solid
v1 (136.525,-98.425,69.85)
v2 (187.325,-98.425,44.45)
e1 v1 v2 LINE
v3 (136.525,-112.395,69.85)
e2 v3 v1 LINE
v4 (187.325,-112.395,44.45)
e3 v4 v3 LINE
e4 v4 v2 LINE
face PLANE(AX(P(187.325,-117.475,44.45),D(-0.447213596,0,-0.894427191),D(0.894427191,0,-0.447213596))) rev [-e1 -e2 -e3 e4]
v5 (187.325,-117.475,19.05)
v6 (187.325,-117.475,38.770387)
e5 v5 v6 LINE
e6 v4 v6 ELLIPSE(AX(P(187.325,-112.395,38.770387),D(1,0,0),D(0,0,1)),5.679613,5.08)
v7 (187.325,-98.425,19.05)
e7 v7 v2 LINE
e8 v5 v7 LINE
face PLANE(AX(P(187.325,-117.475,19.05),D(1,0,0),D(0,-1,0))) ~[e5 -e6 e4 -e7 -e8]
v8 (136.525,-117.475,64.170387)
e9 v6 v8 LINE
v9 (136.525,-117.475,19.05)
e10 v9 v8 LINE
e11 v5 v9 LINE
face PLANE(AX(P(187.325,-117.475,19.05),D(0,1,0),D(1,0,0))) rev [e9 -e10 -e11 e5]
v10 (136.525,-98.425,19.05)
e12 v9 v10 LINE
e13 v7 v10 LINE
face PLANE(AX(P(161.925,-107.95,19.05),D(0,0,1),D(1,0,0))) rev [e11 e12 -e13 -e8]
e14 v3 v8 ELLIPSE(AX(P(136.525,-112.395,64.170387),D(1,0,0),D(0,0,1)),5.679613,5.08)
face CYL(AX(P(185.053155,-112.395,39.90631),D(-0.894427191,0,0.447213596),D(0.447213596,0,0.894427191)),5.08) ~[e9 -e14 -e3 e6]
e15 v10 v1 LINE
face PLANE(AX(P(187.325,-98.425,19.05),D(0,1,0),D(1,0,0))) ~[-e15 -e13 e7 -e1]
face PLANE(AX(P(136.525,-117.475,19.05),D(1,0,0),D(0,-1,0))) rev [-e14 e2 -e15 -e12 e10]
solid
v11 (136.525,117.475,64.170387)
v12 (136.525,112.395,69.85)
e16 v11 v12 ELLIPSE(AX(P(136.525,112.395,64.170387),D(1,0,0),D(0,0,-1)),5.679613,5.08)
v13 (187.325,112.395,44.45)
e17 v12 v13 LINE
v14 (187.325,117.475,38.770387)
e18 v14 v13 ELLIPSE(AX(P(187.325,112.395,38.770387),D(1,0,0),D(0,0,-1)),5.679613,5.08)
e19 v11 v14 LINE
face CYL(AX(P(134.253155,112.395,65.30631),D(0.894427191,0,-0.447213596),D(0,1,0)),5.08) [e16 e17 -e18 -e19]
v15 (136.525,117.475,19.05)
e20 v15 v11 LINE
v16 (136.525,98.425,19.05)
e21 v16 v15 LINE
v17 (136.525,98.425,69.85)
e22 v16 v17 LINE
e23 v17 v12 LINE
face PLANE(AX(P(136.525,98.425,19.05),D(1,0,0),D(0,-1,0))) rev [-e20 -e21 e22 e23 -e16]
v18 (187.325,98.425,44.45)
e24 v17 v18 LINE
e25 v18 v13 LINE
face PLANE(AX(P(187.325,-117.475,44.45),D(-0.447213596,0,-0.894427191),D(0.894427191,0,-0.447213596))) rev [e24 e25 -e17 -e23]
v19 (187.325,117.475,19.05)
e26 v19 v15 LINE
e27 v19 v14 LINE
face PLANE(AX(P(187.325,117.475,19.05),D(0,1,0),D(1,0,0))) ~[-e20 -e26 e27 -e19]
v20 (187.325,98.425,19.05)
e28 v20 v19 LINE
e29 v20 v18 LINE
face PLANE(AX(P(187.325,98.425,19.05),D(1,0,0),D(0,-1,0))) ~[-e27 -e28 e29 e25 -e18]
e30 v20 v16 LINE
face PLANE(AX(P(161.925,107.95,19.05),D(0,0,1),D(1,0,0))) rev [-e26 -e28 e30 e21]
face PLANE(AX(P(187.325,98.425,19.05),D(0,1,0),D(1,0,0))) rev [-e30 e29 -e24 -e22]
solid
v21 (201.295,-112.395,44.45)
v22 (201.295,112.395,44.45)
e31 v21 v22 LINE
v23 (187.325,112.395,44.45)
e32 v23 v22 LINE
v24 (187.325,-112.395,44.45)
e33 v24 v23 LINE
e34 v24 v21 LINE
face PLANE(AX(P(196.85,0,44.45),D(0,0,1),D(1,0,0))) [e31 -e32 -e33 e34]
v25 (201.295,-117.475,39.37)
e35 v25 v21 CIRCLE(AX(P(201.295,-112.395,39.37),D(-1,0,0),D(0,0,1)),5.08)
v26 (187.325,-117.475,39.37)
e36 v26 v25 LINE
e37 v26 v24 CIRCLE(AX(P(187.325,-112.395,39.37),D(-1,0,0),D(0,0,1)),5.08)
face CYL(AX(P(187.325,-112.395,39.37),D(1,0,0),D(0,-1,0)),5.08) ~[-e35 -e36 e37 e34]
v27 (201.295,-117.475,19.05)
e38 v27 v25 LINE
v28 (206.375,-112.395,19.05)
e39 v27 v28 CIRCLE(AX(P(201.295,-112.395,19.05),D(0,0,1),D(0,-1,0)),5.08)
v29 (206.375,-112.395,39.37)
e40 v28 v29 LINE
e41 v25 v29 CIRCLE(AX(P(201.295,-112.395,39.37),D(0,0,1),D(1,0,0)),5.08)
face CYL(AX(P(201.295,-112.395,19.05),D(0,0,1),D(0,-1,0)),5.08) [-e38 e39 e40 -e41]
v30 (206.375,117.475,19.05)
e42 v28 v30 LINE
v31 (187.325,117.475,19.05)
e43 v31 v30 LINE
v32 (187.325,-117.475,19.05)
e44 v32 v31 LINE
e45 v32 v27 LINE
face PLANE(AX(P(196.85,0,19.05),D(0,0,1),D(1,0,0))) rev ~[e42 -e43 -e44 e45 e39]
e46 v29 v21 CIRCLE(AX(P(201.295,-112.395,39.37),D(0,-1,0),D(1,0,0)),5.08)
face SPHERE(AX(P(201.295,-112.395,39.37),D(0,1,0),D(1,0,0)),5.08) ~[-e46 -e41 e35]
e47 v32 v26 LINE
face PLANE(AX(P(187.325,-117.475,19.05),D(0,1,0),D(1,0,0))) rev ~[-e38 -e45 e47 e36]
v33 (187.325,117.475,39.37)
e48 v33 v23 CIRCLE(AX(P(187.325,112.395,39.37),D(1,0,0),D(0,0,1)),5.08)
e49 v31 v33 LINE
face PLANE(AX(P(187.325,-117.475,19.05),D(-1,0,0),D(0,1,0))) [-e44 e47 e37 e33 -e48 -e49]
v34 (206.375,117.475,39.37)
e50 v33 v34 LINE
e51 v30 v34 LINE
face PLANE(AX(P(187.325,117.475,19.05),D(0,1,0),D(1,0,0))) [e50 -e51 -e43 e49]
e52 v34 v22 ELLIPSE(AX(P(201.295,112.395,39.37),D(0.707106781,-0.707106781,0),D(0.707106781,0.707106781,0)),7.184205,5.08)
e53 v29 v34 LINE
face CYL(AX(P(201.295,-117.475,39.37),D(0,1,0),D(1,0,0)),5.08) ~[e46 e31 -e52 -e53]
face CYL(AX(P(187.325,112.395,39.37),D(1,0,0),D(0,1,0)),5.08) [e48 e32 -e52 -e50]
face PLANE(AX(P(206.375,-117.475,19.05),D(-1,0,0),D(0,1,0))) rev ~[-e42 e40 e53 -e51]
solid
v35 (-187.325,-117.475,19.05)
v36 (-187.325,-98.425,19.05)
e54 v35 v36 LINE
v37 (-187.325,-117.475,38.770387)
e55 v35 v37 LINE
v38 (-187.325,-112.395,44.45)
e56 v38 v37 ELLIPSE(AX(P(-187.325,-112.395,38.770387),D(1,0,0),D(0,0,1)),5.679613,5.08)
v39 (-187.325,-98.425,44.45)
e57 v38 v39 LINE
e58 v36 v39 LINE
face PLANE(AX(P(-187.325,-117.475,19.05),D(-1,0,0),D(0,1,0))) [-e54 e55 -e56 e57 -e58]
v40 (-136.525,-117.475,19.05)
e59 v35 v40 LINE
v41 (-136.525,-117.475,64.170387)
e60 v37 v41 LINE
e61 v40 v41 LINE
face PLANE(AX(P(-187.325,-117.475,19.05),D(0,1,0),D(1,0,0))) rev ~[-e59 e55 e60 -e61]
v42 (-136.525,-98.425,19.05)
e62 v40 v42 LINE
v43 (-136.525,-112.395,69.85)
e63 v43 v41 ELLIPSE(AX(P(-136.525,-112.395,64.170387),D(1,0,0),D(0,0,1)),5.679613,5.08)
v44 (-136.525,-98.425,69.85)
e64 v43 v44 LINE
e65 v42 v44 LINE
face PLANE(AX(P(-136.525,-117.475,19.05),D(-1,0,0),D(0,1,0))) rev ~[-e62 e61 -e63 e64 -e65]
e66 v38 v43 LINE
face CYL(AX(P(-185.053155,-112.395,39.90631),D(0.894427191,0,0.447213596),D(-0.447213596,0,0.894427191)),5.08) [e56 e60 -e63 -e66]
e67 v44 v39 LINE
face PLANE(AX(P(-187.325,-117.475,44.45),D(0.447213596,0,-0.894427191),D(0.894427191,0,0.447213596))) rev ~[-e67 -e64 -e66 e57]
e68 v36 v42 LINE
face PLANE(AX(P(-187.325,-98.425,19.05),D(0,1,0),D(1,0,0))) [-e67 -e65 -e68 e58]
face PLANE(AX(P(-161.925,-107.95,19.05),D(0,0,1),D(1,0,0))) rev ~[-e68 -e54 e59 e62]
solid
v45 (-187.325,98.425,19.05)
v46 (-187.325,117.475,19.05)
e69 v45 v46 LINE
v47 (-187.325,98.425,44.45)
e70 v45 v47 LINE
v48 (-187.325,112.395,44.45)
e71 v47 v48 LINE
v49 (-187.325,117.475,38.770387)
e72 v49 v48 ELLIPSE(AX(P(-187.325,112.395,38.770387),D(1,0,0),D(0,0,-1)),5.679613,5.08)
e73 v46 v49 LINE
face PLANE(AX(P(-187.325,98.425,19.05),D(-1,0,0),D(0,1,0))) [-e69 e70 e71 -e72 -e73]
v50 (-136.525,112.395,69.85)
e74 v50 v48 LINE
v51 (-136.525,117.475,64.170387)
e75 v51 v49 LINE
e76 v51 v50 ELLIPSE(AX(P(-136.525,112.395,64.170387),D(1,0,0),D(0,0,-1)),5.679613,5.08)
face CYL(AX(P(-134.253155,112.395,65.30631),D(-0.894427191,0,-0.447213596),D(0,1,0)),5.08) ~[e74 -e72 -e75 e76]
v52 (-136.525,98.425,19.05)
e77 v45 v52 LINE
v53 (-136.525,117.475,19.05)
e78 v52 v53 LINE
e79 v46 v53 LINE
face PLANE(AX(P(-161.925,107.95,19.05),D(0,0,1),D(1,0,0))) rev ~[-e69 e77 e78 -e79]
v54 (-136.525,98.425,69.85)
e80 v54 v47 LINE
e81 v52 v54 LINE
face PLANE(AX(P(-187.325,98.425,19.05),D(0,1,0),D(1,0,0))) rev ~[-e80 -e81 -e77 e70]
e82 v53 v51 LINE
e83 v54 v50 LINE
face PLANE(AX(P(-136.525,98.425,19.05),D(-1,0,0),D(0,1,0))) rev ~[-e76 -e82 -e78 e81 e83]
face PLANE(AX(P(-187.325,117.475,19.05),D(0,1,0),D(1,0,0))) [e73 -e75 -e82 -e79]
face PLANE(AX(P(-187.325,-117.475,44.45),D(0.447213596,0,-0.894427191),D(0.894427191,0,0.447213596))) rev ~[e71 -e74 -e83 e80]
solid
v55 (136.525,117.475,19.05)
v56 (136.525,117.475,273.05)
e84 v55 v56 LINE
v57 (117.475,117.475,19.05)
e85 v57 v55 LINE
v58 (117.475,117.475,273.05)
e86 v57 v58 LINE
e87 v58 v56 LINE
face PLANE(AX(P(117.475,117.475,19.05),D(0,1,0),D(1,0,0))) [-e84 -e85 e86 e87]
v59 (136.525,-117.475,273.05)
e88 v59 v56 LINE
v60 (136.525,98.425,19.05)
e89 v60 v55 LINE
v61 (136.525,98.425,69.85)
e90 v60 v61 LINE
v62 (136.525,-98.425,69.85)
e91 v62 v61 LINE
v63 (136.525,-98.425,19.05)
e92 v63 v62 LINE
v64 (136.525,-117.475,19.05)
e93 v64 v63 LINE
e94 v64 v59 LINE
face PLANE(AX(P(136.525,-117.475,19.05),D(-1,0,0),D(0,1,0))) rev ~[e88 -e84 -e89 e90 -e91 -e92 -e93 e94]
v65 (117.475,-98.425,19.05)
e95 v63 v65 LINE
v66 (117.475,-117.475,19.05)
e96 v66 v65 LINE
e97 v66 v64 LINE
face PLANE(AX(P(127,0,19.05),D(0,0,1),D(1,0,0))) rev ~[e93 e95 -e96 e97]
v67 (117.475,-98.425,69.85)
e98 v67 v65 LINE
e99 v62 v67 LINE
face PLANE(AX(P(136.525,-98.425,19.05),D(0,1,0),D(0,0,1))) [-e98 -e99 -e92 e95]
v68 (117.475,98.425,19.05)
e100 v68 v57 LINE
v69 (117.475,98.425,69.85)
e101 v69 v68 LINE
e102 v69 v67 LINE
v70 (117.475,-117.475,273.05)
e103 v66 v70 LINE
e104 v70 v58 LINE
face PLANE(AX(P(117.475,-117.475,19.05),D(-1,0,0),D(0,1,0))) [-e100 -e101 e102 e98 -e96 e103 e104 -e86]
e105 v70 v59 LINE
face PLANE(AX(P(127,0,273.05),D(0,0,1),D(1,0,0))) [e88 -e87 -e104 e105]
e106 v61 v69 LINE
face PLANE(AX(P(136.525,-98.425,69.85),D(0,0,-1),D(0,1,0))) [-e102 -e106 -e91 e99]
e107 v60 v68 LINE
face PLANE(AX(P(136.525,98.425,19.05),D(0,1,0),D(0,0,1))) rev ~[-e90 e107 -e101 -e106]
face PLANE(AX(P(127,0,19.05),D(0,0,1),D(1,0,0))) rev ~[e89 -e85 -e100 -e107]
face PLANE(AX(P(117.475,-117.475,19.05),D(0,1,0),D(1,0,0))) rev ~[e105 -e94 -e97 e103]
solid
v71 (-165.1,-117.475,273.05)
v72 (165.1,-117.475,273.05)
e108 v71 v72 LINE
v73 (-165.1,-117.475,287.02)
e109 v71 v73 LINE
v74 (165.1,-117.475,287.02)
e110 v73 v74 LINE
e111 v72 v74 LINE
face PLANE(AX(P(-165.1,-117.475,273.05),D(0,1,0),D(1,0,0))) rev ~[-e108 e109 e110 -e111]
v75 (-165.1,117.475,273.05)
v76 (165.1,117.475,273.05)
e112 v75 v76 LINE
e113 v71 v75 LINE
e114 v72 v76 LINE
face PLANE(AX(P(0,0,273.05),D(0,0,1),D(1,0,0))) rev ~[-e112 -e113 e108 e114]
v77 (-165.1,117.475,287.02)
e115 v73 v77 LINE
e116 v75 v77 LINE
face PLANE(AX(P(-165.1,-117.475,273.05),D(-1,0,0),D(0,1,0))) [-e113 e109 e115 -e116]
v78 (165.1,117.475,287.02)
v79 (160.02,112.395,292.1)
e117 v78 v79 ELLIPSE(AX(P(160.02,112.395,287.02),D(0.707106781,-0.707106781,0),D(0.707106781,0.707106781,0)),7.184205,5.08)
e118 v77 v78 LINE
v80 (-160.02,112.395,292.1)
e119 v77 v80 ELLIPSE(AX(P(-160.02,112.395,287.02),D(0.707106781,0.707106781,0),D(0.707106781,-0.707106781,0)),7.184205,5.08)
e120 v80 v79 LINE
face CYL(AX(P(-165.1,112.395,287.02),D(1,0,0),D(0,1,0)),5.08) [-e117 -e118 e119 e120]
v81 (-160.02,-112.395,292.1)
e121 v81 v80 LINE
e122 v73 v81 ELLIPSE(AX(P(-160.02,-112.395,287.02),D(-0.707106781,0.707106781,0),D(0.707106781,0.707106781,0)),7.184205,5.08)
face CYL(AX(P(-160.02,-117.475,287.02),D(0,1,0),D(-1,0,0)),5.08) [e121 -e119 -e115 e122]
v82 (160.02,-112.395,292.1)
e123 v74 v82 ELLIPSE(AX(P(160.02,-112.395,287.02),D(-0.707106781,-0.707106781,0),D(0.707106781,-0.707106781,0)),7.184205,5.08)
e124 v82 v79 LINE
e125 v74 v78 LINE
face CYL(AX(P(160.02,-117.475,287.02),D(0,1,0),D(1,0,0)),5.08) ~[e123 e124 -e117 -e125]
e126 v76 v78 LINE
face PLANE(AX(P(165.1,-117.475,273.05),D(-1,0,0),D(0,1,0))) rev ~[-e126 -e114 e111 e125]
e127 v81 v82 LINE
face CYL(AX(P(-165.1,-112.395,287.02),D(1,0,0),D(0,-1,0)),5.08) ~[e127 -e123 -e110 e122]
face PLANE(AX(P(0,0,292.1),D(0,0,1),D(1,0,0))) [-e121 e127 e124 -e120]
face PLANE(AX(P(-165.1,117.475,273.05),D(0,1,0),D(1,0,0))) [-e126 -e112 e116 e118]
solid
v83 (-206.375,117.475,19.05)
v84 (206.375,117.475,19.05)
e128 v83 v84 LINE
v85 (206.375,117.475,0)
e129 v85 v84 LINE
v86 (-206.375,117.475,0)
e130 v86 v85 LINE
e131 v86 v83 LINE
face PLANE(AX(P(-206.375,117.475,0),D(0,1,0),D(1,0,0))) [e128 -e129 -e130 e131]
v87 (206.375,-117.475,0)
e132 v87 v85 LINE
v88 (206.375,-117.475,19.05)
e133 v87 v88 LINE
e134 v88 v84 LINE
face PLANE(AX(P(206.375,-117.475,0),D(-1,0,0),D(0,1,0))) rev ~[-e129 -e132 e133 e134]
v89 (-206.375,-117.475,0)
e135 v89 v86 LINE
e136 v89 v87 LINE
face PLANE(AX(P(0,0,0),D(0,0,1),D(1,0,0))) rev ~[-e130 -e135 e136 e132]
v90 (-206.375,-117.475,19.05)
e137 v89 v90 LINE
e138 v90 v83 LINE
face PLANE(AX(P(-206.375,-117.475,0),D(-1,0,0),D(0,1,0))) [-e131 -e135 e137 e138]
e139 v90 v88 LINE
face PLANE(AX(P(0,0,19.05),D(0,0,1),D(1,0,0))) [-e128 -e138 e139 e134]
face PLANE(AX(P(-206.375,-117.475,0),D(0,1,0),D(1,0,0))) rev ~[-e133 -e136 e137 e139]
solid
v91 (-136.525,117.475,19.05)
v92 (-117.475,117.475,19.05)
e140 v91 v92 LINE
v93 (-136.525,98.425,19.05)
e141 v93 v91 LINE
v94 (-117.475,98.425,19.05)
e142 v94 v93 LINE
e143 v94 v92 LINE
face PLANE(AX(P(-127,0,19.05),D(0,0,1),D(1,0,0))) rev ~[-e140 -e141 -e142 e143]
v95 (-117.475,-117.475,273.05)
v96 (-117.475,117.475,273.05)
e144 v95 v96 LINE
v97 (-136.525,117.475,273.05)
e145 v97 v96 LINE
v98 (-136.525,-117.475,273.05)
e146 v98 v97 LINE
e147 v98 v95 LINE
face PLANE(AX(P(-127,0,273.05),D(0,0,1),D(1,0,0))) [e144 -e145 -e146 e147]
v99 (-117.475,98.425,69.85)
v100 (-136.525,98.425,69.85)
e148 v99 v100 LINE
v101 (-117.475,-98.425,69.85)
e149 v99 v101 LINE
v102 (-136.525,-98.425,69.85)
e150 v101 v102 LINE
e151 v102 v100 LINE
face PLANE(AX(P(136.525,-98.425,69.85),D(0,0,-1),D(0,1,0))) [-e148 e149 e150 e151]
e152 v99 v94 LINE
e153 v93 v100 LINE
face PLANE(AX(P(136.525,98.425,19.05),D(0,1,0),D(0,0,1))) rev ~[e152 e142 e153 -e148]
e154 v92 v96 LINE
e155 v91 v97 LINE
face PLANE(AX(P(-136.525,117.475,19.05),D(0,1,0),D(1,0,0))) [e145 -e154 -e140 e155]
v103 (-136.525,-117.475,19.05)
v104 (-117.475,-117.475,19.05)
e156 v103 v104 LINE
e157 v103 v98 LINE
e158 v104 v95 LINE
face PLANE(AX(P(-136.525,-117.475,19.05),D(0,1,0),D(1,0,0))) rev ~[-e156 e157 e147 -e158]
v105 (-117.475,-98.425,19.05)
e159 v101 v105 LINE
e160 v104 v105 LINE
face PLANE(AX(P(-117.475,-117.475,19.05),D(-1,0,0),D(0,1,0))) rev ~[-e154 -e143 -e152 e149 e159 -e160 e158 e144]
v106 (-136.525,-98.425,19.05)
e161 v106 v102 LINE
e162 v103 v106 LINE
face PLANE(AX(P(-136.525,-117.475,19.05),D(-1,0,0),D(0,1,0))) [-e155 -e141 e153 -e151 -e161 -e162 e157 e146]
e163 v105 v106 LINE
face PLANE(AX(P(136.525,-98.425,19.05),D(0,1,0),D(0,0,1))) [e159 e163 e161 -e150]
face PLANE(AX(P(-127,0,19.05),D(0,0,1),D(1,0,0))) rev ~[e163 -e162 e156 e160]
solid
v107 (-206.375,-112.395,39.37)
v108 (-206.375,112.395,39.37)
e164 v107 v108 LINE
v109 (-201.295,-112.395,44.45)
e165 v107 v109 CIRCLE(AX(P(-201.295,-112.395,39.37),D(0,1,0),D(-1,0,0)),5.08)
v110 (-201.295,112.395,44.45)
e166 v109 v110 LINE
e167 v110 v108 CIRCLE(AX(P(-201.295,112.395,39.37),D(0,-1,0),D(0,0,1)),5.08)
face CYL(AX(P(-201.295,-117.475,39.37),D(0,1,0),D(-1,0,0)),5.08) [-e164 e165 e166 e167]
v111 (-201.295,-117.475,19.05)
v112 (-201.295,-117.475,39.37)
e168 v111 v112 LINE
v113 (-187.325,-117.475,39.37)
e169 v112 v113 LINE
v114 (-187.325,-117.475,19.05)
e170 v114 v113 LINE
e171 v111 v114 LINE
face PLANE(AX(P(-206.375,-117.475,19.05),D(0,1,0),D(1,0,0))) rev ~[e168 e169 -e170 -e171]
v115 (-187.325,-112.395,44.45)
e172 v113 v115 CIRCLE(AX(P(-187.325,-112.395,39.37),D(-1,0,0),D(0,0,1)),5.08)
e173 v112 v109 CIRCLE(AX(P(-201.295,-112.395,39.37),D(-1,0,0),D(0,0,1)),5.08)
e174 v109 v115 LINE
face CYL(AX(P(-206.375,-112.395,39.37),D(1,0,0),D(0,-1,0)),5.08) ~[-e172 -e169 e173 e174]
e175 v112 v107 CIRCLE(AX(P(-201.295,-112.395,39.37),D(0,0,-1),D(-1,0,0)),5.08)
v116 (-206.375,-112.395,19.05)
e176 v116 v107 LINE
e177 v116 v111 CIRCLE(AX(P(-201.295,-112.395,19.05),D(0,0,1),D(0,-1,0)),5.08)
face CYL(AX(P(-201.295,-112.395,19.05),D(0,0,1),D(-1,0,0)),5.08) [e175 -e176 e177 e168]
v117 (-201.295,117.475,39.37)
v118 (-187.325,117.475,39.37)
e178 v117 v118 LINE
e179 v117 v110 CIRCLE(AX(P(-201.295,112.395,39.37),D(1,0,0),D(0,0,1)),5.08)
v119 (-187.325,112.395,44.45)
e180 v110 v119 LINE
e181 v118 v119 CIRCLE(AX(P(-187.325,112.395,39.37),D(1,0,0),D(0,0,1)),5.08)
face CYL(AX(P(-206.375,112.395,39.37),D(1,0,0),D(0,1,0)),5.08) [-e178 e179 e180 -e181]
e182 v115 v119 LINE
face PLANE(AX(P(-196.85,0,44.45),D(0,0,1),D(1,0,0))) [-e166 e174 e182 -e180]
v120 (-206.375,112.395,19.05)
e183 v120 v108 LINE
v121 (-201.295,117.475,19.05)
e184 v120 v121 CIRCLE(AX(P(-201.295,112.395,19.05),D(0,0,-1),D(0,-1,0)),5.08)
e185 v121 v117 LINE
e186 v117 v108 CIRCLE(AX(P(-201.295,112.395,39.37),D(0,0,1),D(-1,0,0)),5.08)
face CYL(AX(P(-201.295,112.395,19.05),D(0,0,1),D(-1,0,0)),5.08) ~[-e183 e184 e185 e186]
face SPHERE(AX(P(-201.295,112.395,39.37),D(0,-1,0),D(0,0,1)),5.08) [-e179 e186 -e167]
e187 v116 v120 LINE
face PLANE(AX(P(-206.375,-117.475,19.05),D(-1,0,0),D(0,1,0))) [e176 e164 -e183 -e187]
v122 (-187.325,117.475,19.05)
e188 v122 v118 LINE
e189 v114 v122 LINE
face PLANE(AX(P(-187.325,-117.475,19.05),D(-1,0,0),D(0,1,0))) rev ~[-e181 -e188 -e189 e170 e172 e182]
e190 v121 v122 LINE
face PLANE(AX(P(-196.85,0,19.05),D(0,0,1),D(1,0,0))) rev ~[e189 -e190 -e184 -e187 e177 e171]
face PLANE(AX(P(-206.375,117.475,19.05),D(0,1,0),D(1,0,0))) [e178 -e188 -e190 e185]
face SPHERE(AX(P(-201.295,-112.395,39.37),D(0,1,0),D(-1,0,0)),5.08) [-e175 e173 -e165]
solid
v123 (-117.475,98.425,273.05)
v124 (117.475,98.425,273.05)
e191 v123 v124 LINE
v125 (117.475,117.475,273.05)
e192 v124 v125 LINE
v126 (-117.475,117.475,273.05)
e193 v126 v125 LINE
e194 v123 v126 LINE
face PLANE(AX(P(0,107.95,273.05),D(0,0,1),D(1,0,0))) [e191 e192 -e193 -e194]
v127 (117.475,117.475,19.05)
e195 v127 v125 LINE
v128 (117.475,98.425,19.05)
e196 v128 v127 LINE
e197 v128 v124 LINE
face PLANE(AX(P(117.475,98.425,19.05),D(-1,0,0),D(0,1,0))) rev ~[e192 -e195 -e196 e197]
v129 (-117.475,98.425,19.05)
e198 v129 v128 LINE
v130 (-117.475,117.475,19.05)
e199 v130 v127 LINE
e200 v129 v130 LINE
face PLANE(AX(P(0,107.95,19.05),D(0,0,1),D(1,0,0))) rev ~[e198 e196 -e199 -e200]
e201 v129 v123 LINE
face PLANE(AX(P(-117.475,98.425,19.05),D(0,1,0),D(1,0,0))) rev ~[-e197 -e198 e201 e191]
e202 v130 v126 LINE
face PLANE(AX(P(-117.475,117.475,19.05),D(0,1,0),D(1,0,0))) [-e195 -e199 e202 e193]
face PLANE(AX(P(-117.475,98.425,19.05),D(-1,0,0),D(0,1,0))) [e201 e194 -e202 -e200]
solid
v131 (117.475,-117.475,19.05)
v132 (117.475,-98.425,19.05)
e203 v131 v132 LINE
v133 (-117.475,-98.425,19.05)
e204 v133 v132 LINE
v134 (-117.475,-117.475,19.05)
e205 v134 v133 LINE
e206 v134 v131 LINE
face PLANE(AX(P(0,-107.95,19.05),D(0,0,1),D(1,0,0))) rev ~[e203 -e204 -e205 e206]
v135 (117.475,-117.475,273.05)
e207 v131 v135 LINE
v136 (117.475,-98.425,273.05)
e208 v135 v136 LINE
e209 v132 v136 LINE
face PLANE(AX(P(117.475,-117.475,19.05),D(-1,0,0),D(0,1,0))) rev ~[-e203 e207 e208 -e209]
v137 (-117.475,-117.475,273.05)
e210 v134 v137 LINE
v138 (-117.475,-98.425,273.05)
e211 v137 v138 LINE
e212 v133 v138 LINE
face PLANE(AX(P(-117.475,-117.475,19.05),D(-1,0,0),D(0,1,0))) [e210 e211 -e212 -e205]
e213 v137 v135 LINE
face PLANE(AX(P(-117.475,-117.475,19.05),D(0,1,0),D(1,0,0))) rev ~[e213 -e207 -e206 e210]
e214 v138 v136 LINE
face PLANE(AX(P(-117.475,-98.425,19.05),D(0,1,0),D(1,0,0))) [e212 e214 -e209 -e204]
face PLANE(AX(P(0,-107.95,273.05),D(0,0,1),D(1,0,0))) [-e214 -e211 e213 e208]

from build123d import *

# Parameters (mm, degrees)
F0_W      = 412.75
F0_H      = 234.95
F1_DEPTH  = 19.05
F2_W      = 19.05
F2_H      = 234.95
F3_DEPTH  = 25.4
F4_W      = 50.8
F4_H      = 19.05
F5_DEPTH  = 50.8
F6_W      = 19.05
F6_H      = 234.95
F7_DEPTH  = 254
F8_W      = 196.85
F8_H      = 50.8
F9_DEPTH  = 273.05
F10_W     = 234.95
F10_H     = 19.05
F11_DEPTH = 254
F12_W     = 330.2
F12_H     = 234.95
F13_DEPTH = 19.05
F15_DEPTH = 234.951
F16_R     = 5.08
F16_2_R   = 5.08
F16_3_R   = 5.08


with BuildPart() as f1:
    # F0 (on Top) → F1 (new body)
    with BuildSketch(Plane.XY):
        Rectangle(F0_W, F0_H)
    extrude(amount=F1_DEPTH)


with BuildPart() as f3:
    # F2 (on face) → F3 (new body)
    with BuildSketch(Plane.XY.offset(19.05)):
        with Locations((-196.85, 0)):
            Rectangle(F2_W, F2_H)
        with Locations((196.85, 0)):
            Rectangle(F2_W, F2_H)
    extrude(amount=F3_DEPTH)

    # F16
    f16_edges = [f3.edges().sort_by_distance(p)[0] for p in [
        (-206.375, 0, 44.45),
        (206.375, 0, 44.45),
        (196.85, 117.475, 44.45),
        (-196.85, 117.475, 44.45),
        (-206.375, -117.475, 31.75),
        (-206.375, 117.475, 31.75),
        (206.375, -117.475, 31.75),
        (196.85, -117.475, 44.45),
        (-196.85, -117.475, 44.45),
    ]]
    fillet(f16_edges, radius=F16_R)


with BuildPart() as f5:
    # F4 (on face) → F5 (new body)
    with BuildSketch(Plane.XY.offset(19.05)):
        with Locations((-161.925, 107.95)):
            Rectangle(F4_W, F4_H)
        with Locations((-161.925, -107.95)):
            Rectangle(F4_W, F4_H)
    extrude(amount=F5_DEPTH)

    # F14 (on face) → F15 (cut, through all)
    with BuildSketch(Plane.XZ.offset(117.475)):
        Polygon((-187.325, 44.45), (-136.525, 69.85), (-187.325, 69.85), align=None)
    extrude(amount=-F15_DEPTH, mode=Mode.SUBTRACT)

    # F16#2
    f16_2_edges = [f5.edges().sort_by_distance(p)[0] for p in [
        (-161.925, 117.475, 57.15),
        (-161.925, -117.475, 57.15),
    ]]
    fillet(f16_2_edges, radius=F16_2_R)


with BuildPart() as f7:
    # F6 (on face) → F7 (new body)
    with BuildSketch(Plane.XY.offset(19.05)):
        with Locations((-127, 0)):
            Rectangle(F6_W, F6_H)
        with Locations((127, 0)):
            Rectangle(F6_W, F6_H)
    extrude(amount=F7_DEPTH)

    # F8 (on face) → F9 (cut, through all)
    with BuildSketch(Plane.YZ.offset(136.525)):
        with Locations((0, 44.45)):
            Rectangle(F8_W, F8_H)
    extrude(amount=-F9_DEPTH, mode=Mode.SUBTRACT)


with BuildPart() as f11:
    # F10 (on face) → F11 (new body)
    with BuildSketch(Plane.XY.offset(19.05)):
        with Locations((0, 107.95)):
            Rectangle(F10_W, F10_H)
        with Locations((0, -107.95)):
            Rectangle(F10_W, F10_H)
    extrude(amount=F11_DEPTH)


with BuildPart() as f13:
    # F12 (on face) → F13 (new body)
    with BuildSketch(Plane.XY.offset(273.05)):
        Rectangle(F12_W, F12_H)
    extrude(amount=F13_DEPTH)

    # F16#3
    f16_3_edges = [f13.edges().sort_by_distance(p)[0] for p in [
        (0, 117.475, 292.1),
        (-165.1, 0, 292.1),
        (0, -117.475, 292.1),
        (165.1, 0, 292.1),
    ]]
    fillet(f16_3_edges, radius=F16_3_R)


with BuildPart() as f17_1:
    # F17: instance of F5
    add(f5.part.mirror(Plane.YZ))


solid = Compound([f1.part, f3.part, f5.part, f7.part, f11.part, f13.part, f17_1.part])
